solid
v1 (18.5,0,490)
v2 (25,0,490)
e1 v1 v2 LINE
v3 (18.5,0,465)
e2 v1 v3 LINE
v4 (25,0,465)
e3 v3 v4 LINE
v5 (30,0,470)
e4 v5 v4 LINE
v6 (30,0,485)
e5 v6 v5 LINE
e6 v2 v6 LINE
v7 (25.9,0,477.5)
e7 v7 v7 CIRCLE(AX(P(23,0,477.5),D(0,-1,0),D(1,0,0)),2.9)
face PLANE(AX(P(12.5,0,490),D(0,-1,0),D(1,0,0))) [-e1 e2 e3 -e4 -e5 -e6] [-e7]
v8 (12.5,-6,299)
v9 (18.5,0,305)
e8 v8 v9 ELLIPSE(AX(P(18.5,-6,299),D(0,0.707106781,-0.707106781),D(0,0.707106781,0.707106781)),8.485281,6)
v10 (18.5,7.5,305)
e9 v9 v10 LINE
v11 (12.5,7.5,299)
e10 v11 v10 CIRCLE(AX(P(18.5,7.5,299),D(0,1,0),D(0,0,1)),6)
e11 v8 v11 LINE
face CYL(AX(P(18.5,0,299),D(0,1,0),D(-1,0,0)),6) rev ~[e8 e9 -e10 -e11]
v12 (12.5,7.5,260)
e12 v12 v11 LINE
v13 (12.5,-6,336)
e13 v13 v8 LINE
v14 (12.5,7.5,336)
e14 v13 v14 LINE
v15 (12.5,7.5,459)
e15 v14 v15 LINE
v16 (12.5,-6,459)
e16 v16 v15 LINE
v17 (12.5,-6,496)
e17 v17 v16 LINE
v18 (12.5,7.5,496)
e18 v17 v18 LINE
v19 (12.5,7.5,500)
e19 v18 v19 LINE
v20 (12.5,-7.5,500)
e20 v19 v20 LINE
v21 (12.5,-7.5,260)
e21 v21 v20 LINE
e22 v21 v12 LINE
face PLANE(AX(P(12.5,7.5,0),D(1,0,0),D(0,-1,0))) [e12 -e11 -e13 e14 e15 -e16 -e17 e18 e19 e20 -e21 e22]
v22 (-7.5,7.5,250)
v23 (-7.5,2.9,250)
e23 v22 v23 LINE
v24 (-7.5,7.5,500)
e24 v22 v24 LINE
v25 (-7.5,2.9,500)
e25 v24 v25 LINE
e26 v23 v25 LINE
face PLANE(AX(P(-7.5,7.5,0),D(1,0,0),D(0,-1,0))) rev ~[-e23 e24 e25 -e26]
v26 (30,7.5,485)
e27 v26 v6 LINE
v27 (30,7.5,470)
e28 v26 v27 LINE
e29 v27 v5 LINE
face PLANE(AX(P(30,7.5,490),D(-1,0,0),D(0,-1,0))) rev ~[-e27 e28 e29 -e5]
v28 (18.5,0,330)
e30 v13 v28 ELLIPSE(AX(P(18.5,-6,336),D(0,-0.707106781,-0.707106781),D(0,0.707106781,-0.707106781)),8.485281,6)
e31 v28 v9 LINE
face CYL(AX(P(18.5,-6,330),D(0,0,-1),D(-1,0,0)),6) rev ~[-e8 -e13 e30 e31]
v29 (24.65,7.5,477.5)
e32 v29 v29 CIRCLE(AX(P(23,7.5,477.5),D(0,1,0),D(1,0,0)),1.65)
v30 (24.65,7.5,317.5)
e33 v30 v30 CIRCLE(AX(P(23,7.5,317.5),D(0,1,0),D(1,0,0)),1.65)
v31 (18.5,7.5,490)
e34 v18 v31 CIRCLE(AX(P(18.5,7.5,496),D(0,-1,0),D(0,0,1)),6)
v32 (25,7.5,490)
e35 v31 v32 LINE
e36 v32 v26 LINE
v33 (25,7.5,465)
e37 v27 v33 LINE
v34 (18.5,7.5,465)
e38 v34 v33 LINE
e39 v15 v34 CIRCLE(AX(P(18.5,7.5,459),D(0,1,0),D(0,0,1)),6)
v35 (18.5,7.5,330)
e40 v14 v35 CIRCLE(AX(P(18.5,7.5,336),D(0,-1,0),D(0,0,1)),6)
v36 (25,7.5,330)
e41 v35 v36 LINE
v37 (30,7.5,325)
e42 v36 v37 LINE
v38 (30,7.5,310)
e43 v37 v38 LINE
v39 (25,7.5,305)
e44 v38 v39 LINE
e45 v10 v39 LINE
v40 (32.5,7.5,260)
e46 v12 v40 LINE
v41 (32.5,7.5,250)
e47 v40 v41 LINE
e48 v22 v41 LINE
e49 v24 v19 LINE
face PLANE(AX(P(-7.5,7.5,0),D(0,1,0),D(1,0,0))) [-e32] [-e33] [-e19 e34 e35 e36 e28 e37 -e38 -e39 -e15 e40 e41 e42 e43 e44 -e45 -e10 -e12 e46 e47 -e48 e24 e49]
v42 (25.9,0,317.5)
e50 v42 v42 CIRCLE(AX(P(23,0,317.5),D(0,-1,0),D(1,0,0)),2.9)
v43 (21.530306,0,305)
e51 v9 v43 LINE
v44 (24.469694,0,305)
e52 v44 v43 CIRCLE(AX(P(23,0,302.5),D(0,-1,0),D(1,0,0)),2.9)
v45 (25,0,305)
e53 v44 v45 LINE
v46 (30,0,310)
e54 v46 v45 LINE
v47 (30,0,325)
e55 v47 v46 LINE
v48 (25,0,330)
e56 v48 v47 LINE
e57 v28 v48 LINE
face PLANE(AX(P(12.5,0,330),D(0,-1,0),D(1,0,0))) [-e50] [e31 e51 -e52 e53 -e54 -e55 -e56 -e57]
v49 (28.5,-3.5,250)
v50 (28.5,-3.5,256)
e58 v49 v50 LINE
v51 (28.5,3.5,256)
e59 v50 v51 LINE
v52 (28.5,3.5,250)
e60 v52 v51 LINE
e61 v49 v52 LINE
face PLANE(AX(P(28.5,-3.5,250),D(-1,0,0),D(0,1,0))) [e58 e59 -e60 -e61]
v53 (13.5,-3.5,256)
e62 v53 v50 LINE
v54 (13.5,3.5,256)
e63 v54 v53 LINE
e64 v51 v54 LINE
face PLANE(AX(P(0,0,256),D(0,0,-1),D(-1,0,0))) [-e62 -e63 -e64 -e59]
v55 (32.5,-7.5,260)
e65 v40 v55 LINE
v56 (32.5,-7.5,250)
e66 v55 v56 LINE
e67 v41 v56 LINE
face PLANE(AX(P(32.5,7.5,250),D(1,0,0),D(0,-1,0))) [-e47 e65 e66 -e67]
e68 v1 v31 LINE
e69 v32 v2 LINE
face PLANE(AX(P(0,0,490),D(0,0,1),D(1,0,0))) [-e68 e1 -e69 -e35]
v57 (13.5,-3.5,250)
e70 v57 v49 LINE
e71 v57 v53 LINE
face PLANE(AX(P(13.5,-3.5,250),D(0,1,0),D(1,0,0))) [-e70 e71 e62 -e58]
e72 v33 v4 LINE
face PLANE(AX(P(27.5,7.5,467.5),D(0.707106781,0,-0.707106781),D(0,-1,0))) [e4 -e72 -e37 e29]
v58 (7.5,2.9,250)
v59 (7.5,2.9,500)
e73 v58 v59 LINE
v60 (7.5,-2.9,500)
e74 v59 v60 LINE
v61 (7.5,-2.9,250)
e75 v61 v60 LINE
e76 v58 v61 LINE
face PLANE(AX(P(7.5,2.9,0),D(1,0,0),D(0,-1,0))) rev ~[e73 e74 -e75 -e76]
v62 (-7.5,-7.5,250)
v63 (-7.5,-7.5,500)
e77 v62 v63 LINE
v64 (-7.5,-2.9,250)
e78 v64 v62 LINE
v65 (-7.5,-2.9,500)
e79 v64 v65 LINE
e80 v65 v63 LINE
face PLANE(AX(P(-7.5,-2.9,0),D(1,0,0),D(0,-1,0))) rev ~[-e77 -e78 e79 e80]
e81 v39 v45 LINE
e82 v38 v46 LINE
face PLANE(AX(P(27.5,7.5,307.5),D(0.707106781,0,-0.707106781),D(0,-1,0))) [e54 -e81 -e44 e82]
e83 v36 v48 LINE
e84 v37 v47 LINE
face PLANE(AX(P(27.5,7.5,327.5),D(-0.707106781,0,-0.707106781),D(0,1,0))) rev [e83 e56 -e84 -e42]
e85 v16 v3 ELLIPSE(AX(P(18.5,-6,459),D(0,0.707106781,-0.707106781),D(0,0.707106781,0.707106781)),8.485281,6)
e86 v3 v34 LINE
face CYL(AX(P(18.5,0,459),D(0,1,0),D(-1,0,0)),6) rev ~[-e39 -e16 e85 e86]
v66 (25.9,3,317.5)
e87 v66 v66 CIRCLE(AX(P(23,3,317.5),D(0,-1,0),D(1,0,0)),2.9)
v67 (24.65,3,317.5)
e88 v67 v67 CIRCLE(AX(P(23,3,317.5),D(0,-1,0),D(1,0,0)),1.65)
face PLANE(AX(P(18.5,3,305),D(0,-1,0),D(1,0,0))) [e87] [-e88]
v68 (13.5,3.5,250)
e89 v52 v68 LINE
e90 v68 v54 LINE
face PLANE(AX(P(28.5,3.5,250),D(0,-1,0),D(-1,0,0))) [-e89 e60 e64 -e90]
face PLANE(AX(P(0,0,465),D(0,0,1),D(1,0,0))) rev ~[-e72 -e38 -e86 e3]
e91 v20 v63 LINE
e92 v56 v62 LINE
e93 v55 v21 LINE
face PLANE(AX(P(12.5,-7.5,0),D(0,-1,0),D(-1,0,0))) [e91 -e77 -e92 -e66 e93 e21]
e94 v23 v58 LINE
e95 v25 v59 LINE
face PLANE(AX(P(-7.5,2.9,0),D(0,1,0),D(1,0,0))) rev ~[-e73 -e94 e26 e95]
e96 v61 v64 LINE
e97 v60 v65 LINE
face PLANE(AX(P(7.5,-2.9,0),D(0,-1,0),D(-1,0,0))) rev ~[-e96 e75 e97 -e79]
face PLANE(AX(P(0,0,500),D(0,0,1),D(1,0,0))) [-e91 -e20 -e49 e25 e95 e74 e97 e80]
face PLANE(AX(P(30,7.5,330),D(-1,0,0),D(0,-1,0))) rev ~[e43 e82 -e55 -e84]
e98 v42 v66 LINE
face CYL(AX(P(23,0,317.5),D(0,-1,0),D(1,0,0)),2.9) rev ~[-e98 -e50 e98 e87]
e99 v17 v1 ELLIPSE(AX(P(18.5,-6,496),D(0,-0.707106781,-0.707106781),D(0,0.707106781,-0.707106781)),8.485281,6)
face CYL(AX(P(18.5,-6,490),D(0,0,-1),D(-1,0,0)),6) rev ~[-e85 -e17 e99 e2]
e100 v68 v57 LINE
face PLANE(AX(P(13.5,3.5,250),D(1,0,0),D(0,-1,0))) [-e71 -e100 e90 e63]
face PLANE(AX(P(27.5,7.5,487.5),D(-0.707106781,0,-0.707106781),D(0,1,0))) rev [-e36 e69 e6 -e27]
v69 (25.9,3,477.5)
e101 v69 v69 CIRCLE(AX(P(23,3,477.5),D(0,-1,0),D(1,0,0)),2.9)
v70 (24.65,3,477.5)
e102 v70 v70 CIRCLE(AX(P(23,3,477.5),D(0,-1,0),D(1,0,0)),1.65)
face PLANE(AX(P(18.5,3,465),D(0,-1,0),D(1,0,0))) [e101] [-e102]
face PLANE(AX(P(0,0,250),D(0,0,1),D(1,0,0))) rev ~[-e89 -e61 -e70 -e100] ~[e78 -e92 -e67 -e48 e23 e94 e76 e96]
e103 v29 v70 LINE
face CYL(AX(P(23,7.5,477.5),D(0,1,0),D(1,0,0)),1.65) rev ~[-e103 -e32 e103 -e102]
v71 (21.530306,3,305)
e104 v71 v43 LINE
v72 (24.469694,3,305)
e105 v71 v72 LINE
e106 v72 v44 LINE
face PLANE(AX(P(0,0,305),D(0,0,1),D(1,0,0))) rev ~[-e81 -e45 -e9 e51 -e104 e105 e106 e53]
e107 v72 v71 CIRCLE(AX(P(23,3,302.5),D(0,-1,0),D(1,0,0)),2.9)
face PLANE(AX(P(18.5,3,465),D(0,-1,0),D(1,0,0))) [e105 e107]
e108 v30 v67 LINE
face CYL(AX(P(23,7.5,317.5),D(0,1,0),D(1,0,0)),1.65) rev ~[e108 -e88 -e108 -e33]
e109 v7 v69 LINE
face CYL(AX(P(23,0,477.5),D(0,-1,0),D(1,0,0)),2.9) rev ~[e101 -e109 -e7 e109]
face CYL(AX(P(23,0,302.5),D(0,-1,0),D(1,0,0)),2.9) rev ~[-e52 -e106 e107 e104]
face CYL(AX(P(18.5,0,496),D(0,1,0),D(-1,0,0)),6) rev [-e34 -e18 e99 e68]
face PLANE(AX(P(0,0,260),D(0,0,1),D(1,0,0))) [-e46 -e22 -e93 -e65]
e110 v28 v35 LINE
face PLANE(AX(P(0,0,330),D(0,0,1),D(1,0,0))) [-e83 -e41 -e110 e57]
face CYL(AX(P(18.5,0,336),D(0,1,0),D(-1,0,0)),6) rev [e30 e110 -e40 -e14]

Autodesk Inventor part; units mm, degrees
ref_plane "YZ Plane" through (0, 0, 0) normal (1, 0, 0) x (0, 1, 0)
ref_plane "XZ Plane" through (0, 0, 0) normal (0, 1, 0) x (-1, 0, 0)
sketch "Sketch1" plane through (0, 0, 0) normal (0, 0, 1) x (1, 0, 0)
  line L0 (-7.5, 2.9) -> (7.5, 2.9)
  line L1 (7.5, 2.9) -> (7.5, -2.9)
  line L2 (7.5, -2.9) -> (-7.5, -2.9)
  line L3 (-7.5, -2.9) -> (-7.5, 2.9)
  line L4 (-7.5, 2.9) -> (7.5, -2.9) construction
  line L5 (7.5, 2.9) -> (-7.5, -2.9) construction
  line L6 (-12.5, 7.5) -> (12.5, 7.5)
  line L7 (12.5, 7.5) -> (12.5, -7.5)
  line L8 (12.5, -7.5) -> (-12.5, -7.5)
  line L9 (-12.5, -7.5) -> (-12.5, 7.5)
  line L10 (-12.5, 7.5) -> (12.5, -7.5) construction
  line L11 (12.5, 7.5) -> (-12.5, -7.5) construction
  line L12 (-7.5, 7.5) -> (-7.5, -7.5)
  point P0 (0, 0)
  point P1 (-7.5, 2.9)
  dimension "d0" = 15
  dimension "d1" = 5.8
  dimension "d2" = 25
  dimension "d3" = 15
extrude "Extrusion1" add sketch "Sketch1" along normal blind 500 contours L12 L6 L7 L8 L2 L1 L0
ref_plane "Work Plane1" through (0, 0, 330) normal (0, 0, 1) x (1, 0, 0)
sketch "Sketch2" plane through (0, 0, 330) normal (0, 0, 1) x (1, 0, 0)
  line L0 (-5, 7.5) -> (30, 7.5)
  line L1 (30, 7.5) -> (30, -7.5)
  line L2 (30, -7.5) -> (-5, -7.5)
  line L3 (-5, -7.5) -> (-5, 7.5)
  line L4 (12.5, -7.5) -> (12.5, 7.5)
  line L5 (-5, 7.5) -> (30, -7.5) construction
  line L6 (30, 7.5) -> (-5, -7.5) construction
  line L7 (12.5, 0) -> (30, 0)
  line L8 (30, 0) -> (30, 7.5)
  line L9 (30, 7.5) -> (12.5, 7.5)
  line L10 (12.5, 7.5) -> (12.5, 0)
  line L11 (7.5, -2.9) -> (-7.5, -2.9) projected
  line L12 (-7.5, -2.9) -> (-7.5, -7.5) projected
  line L13 (-7.5, -7.5) -> (12.5, -7.5) projected
  line L14 (12.5, -7.5) -> (12.5, 7.5) projected
  line L15 (12.5, 7.5) -> (-7.5, 7.5) projected
  line L16 (-7.5, 7.5) -> (-7.5, 2.9) projected
  line L17 (-7.5, 2.9) -> (7.5, 2.9) projected
  line L18 (7.5, 2.9) -> (7.5, -2.9) projected
  point P0 (0, 0)
  point P1 (12.5, -6.5)
  point P2 (12.5, 6.5)
  point P3 (12.5, 7.5)
  point P4 (12.5, 6.5)
  point P5 (30, 0)
  dimension "d8" = 35
extrude "Extrusion2" add sketch "Sketch2" against normal blind 25 contours L0 L1 L7 L4
fillet "Fillet2" radius 6 3 edges at (12.5, 3.75, 305) (12.5, 0, 317.5) (12.5, 3.75, 330)
sketch "Sketch4" plane through (-7.5, 7.5, 0) normal (0, 1, 0) x (1, 0, 0)
  line L0 (20, 0) -> (0, 0) projected
  line L1 (0, 0) -> (0, -500) projected
  line L2 (20, -500) -> (0, -500) projected
  line L3 (20, -336) -> (20, -500) projected
  arc A0 (26, -330) -> (20, -336) centre (26, -336) ccw projected
  line L4 (37.5, -330) -> (26, -330) projected
  line L5 (37.5, -330) -> (37.5, -305) projected
  line L6 (26, -305) -> (37.5, -305) projected
  arc A1 (20, -299) -> (26, -305) centre (26, -299) ccw projected
  line L7 (20, 0) -> (20, -299) projected
  circle A2 centre (30.5, -317.5) radius 1.65
  line L8 (20, 0) -> (20, -500) projected
  line L9 (20, -250) -> (51.65, -250)
  circle A3 centre (30.5, -142.5) radius 1.65
  point P0 (7.5, 0)
  point P1 (20, -181)
  point P2 (20, -144)
  point P3 (37.5, -317.5)
  point P4 (37.5, -142.5)
  dimension "d16" = 3.3
  dimension "d17" = 7
extrude "Extrusion4" cut sketch "Sketch4" against normal through all contours A2 | A3
chamfer "Chamfer1" distance 5 angle 45 2 edges at (30, 3.75, 330) (30, 3.75, 305)
sketch "Sketch5" plane through (18.5, 0, 305) normal (0, -1, 0) x (1, 0, 0)
  line L0 (11.5, -170) -> (6.5, -175) projected
  line L1 (11.5, -170) -> (11.5, -155) projected
  line L2 (6.5, -150) -> (11.5, -155) projected
  line L3 (0, -150) -> (6.5, -150) projected
  line L4 (0, -175) -> (0, -150) projected
  line L5 (6.5, -175) -> (0, -175) projected
  circle A0 centre (4.5, -162.5) radius 1.65 projected
  circle A1 centre (4.5, 12.5) radius 1.65 projected
  line L6 (11.5, 5) -> (6.5, 0) projected
  line L7 (11.5, 20) -> (11.5, 5) projected
  line L8 (6.5, 25) -> (11.5, 20) projected
  line L9 (0, 25) -> (6.5, 25) projected
  line L10 (0, 0) -> (0, 25) projected
  line L11 (6.5, 0) -> (0, 0) projected
  circle A2 centre (4.5, 12.5) radius 2.9
  circle A3 centre (4.5, -162.5) radius 2.9
  point P0 (-18.5, -305)
  dimension "d23" = 5.8
extrude "Extrusion5" cut sketch "Sketch5" against normal blind 3 contours A2 | A3
ref_plane "Work Plane3" through (0, 0, 250) normal (0, 0, -1) x (-1, 0, 0)
pattern_linear "Rectangular Pattern1" count 2 spacing 160 along (0, 0, 1) of "Extrusion2", "Fillet2", "Extrusion4", "Chamfer1", "Extrusion5"
mirror "Mirror1" about plane through (0, 0, 250) normal (0, 0, -1) of "Extrusion2", "Fillet2", "Extrusion4", "Chamfer1", "Extrusion5", "Rectangular Pattern1"
ref_plane "Work Plane4" through (0, 0, 250) normal (0, 0, 1) x (1, 0, 0)
sketch "Sketch6" plane through (0, 0, 250) normal (0, 0, 1) x (1, 0, 0)
  line L0 (12.5, 7.5) -> (12.5, -6) projected
  line L1 (12.5, -6) -> (12.5, 7.5) projected
  line L2 (12.5, 7.5) -> (12.5, -6) projected
  line L3 (12.5, -6) -> (12.5, 7.5) projected
  line L4 (12.5, 7.5) -> (12.5, -6) projected
  line L5 (12.5, -6) -> (12.5, 7.5) projected
  line L6 (12.5, 7.5) -> (12.5, -6) projected
  line L7 (12.5, -7.5) -> (12.5, 7.5) projected
  line L8 (12.5, -7.5) -> (12.5, 7.5) projected
  line L9 (12.5, -6) -> (12.5, 7.5) projected
  line L10 (12.5, 7.5) -> (32.5, 7.5)
  line L11 (32.5, 7.5) -> (32.5, -7.5)
  line L12 (32.5, -7.5) -> (12.5, -7.5)
  line L13 (12.5, -7.5) -> (12.5, 7.5)
  point P0 (0, 0)
  dimension "d29" = 20
extrude "Extrusion6" add sketch "Sketch6" along normal mid plane 20
sketch "Sketch7" plane through (0, 0, 250) normal (0, 0, 1) x (1, 0, 0)
  line L0 (-73.1551, 38.5197) -> (60.6388, 38.5197)
  line L1 (60.6388, 38.5197) -> (60.6388, -29.4562)
  line L2 (60.6388, -29.4562) -> (-73.1551, -29.4562)
  line L3 (-73.1551, -29.4562) -> (-73.1551, 38.5197)
  point P0 (0, 0)
extrude "Extrusion7" cut sketch "Sketch7" against normal through all
sketch "Sketch8" plane through (0, 0, 250) normal (0, 0, -1) x (-1, 0, 0)
  line L0 (-7.5, 2.9) -> (-7.5, -2.9) projected
  line L1 (7.5, 2.9) -> (-7.5, 2.9) projected
  line L2 (7.5, 7.5) -> (7.5, 2.9) projected
  line L3 (-32.5, 7.5) -> (7.5, 7.5) projected
  line L4 (-32.5, -7.5) -> (-32.5, 7.5) projected
  line L5 (7.5, -7.5) -> (-32.5, -7.5) projected
  line L6 (7.5, -2.9) -> (7.5, -7.5) projected
  line L7 (-7.5, -2.9) -> (7.5, -2.9) projected
  line L8 (-28.5, 3.5) -> (-13.5, 3.5)
  line L9 (-13.5, 3.5) -> (-13.5, -3.5)
  line L10 (-13.5, -3.5) -> (-28.5, -3.5)
  line L11 (-28.5, -3.5) -> (-28.5, 3.5)
  point P0 (0, 0)
  point P1 (-28.5, 0)
  point P2 (-32.5, 0)
  dimension "d34" = 4
  dimension "d35" = 15
  dimension "d36" = 7
extrude "Extrusion8" cut sketch "Sketch8" against normal blind 6 contours L8 L9 L10 L11
properties part number "GUIA DE TAPA PRINCIPAL"
